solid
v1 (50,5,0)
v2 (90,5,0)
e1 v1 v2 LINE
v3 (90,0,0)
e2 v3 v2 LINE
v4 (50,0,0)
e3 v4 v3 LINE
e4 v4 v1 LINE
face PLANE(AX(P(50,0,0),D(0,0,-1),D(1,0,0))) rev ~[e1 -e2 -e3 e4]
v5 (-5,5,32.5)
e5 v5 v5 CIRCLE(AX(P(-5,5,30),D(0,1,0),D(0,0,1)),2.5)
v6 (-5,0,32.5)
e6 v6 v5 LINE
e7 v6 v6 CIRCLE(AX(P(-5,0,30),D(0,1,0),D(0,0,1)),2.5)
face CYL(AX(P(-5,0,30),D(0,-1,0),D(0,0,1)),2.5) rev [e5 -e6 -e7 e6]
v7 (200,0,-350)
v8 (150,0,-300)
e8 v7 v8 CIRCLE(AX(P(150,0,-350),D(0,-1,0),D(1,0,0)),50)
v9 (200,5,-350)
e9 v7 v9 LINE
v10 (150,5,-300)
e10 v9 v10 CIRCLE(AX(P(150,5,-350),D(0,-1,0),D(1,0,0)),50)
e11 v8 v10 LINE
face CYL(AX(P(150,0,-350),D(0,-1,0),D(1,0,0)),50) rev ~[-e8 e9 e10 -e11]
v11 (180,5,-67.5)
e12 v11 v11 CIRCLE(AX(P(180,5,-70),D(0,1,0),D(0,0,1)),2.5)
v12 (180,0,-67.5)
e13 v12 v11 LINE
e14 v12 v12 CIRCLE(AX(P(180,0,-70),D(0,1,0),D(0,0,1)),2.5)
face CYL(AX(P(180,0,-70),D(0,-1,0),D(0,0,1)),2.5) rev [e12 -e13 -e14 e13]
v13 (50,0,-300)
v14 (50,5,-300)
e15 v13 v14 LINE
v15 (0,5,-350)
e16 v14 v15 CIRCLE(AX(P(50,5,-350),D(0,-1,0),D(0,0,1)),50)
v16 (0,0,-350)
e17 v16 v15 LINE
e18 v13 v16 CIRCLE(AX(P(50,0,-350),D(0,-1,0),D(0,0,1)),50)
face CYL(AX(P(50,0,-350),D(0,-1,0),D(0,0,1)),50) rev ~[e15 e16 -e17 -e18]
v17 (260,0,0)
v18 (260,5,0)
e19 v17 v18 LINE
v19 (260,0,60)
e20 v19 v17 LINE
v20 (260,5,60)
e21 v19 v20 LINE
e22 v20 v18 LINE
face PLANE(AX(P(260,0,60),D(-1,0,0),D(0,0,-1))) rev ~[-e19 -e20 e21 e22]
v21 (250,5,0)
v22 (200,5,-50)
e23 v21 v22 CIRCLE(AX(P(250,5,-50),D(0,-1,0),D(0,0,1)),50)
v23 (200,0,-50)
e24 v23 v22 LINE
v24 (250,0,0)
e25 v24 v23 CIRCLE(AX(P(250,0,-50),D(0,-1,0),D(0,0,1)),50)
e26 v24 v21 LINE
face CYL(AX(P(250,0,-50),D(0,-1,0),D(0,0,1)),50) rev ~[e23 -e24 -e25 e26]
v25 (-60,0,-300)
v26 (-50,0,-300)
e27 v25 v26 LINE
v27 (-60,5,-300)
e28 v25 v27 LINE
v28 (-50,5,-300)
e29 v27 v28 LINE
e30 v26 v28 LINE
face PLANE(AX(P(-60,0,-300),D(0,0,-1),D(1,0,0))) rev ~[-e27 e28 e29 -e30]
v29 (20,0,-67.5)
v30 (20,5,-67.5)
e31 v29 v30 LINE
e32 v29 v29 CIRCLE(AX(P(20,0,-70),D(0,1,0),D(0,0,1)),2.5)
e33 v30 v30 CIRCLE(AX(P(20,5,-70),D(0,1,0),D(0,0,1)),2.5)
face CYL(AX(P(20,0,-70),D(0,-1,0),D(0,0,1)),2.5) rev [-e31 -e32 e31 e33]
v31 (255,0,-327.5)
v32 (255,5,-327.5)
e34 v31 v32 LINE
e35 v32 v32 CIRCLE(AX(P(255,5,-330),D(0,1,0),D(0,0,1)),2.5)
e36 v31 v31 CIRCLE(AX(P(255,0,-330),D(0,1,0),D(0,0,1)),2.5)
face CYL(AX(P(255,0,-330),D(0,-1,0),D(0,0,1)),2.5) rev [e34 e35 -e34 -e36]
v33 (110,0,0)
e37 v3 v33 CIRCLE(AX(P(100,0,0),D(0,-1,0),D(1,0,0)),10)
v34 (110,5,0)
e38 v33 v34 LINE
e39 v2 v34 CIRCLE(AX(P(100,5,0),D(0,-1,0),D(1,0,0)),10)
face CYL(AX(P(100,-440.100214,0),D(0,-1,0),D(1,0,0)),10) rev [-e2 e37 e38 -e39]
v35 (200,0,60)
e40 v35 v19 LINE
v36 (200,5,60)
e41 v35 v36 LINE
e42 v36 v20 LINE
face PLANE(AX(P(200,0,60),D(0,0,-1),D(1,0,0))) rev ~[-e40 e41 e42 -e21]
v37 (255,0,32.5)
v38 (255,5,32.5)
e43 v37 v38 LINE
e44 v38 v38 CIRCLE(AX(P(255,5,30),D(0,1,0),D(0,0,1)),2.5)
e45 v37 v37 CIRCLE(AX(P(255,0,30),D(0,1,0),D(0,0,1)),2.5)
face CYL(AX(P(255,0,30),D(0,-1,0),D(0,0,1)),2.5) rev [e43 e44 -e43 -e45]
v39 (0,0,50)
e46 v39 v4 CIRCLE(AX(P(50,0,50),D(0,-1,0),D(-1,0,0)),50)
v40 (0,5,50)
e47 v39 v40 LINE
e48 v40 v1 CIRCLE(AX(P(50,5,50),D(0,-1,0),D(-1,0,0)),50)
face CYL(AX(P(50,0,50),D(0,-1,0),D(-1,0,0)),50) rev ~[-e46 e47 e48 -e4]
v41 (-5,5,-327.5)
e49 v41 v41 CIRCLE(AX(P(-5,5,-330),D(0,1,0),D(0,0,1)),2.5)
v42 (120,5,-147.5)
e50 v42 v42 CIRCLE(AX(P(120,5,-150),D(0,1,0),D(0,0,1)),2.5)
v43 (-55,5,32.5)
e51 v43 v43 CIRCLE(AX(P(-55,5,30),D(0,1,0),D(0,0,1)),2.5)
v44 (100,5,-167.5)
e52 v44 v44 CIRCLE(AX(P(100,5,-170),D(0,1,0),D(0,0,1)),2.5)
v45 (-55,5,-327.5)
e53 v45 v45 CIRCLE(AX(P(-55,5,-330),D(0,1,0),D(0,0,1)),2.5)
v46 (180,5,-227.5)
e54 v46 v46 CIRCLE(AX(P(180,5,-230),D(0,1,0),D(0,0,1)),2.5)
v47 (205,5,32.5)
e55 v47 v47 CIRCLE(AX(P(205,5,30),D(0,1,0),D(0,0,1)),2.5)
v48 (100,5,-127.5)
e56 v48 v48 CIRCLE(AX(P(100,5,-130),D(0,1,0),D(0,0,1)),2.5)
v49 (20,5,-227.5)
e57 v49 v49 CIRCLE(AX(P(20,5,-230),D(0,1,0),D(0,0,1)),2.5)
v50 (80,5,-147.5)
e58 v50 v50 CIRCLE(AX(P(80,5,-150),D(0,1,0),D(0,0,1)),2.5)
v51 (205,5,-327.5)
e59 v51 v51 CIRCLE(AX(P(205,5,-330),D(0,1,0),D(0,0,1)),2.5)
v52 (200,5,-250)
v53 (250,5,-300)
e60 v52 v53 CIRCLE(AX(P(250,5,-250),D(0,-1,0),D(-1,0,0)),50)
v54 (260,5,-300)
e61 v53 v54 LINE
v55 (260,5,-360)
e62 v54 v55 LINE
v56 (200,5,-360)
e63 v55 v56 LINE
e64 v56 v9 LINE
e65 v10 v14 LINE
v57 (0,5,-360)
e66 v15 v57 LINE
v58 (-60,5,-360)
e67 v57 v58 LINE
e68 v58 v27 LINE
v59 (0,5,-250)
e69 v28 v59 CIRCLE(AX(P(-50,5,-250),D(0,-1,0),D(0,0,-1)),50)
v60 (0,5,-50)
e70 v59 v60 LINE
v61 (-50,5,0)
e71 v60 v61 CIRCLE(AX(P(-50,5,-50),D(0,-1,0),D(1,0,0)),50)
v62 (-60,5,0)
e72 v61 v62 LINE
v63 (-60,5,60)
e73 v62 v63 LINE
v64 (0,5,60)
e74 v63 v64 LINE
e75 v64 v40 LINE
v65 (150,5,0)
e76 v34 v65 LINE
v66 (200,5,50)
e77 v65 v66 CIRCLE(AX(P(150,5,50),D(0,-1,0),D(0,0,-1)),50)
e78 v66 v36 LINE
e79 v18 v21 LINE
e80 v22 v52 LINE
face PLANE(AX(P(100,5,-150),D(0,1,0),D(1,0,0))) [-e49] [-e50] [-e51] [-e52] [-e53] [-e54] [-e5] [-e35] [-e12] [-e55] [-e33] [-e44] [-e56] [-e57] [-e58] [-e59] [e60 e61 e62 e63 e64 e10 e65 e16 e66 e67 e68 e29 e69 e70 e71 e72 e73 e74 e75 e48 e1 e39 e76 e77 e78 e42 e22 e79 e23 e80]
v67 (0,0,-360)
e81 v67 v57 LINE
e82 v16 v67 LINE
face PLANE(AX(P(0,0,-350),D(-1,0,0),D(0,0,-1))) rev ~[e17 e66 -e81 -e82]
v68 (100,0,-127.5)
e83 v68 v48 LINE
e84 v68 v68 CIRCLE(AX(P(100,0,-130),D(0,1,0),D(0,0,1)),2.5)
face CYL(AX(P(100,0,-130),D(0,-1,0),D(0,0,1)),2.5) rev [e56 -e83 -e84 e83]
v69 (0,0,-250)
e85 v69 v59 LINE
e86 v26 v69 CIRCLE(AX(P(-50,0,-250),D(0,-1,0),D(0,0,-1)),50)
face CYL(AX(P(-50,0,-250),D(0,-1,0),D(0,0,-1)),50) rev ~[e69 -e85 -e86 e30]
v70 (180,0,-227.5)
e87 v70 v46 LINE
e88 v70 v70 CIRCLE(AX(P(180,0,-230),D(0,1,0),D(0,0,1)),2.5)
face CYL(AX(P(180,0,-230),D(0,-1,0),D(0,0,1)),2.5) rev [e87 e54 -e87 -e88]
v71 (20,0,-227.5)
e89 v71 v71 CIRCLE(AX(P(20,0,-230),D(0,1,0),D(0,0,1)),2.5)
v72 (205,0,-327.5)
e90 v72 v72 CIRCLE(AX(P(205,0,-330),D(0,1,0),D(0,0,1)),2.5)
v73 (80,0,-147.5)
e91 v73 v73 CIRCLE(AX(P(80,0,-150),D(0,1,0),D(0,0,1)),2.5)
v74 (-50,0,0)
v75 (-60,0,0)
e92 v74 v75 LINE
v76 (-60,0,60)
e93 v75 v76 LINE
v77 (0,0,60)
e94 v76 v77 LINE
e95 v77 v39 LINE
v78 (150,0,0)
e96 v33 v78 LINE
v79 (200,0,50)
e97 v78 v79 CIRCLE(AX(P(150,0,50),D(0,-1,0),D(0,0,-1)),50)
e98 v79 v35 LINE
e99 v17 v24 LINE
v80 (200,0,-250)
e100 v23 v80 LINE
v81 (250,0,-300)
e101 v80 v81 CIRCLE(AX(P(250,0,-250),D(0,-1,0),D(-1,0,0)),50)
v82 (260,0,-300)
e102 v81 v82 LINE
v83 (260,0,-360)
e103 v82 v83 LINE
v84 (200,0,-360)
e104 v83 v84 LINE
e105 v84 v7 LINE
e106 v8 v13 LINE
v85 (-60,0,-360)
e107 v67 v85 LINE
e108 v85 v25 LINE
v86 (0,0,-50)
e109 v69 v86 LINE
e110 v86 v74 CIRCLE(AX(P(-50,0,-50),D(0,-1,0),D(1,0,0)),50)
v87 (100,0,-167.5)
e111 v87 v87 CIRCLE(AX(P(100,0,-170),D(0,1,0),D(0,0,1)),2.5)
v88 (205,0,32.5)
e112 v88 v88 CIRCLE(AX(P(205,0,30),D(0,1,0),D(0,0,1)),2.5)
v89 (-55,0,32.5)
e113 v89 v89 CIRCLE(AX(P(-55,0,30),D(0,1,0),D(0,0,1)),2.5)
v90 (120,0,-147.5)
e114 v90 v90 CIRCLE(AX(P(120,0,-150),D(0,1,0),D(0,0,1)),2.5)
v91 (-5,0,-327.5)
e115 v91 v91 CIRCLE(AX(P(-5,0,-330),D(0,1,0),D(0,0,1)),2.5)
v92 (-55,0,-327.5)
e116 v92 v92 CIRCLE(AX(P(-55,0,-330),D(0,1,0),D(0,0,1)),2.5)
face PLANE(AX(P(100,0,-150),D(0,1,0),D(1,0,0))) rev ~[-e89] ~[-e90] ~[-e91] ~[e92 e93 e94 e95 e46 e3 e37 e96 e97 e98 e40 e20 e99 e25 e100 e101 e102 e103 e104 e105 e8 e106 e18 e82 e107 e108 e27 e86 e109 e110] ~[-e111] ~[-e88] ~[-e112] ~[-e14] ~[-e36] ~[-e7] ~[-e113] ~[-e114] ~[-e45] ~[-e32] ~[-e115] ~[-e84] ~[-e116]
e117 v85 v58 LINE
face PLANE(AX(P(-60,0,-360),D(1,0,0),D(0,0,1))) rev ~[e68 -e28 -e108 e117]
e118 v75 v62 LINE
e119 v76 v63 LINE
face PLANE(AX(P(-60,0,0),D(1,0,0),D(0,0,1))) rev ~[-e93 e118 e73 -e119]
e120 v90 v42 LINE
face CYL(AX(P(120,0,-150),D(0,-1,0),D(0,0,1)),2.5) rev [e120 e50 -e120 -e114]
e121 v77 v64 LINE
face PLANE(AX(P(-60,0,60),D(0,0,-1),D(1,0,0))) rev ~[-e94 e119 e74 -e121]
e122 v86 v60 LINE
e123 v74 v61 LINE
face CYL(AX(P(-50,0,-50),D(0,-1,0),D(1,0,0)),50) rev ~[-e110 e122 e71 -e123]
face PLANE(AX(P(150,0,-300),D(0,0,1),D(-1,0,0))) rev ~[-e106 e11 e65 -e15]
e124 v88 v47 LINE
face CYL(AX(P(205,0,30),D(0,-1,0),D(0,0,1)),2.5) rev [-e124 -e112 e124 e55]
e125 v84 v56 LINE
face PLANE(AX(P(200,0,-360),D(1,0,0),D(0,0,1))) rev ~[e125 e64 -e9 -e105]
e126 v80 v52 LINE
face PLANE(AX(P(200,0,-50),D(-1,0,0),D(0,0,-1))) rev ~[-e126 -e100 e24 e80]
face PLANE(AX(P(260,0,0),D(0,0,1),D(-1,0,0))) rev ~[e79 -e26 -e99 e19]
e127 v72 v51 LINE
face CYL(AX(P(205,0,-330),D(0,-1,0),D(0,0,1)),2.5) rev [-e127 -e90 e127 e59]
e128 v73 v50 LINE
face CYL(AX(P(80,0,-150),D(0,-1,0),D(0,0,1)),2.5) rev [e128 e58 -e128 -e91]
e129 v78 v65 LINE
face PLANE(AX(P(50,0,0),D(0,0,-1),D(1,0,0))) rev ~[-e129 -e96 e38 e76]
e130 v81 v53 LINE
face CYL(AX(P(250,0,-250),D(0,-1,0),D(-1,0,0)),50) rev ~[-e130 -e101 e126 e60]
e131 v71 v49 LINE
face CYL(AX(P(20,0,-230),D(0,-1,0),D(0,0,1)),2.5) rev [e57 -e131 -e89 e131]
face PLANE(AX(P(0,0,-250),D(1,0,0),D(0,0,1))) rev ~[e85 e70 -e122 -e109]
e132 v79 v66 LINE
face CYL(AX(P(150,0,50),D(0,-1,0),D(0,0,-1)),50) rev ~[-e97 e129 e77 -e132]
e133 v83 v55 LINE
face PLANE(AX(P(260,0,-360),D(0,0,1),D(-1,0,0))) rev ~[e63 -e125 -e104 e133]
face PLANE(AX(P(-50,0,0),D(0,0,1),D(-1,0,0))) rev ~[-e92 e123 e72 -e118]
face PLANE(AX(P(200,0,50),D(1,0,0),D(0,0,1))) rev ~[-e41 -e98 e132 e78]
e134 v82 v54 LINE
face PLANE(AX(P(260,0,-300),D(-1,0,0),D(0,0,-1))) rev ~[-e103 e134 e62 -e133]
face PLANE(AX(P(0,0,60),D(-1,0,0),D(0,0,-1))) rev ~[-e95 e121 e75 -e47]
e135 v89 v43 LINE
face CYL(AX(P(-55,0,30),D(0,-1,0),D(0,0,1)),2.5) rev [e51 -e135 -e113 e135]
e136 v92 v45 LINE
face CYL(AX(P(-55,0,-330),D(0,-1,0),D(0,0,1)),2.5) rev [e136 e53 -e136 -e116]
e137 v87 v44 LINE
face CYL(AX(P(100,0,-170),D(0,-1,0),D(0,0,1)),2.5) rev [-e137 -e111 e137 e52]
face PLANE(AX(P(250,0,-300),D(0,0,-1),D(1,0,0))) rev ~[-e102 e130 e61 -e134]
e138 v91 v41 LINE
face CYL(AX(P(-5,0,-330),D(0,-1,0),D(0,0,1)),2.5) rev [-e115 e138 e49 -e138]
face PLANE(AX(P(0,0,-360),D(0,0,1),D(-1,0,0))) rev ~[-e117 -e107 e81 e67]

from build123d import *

# Parameters (mm, degrees)
SKETCH1_R               = 2.5
BOSS_EXTRUDE1_DEPTH     = 5
CUT_EXTRUDE2_DEPTH      = 445.100213916
CUT_EXTRUDE2_DEPTH_BACK = 445.100213916


with BuildPart() as part:
    # Sketch1 → Boss-Extrude1 (new body)
    with BuildSketch(Plane(origin=(0, 0, 0), x_dir=(1, 0, 0), z_dir=(0, 1, 0))):
        with BuildLine():
            Line((50, 0), (150, 0))
            ThreePointArc((150, 0), (185.355339059, -14.644660941), (200, -50))
            Line((200, -50), (200, -60))
            Line((200, -60), (260, -60))
            Line((260, -60), (260, 0))
            Line((260, 0), (250, 0))
            ThreePointArc((250, 0), (214.644660941, 14.644660941), (200, 50))
            Line((200, 50), (200, 250))
            ThreePointArc((200, 250), (214.644660941, 285.355339059), (250, 300))
            Line((250, 300), (260, 300))
            Line((260, 300), (260, 360))
            Line((260, 360), (200, 360))
            Line((200, 360), (200, 350))
            ThreePointArc((200, 350), (185.355339059, 314.644660941), (150, 300))
            Line((150, 300), (50, 300))
            ThreePointArc((50, 300), (14.644660941, 314.644660941), (0, 350))
            Line((0, 350), (0, 360))
            Line((0, 360), (-60, 360))
            Line((-60, 360), (-60, 300))
            Line((-60, 300), (-50, 300))
            ThreePointArc((-50, 300), (-14.644660941, 285.355339059), (0, 250))
            Line((0, 250), (0, 50))
            ThreePointArc((0, 50), (-14.644660941, 14.644660941), (-50, 0))
            Line((-50, 0), (-60, 0))
            Line((-60, 0), (-60, -60))
            Line((-60, -60), (0, -60))
            Line((0, -60), (0, -50))
            ThreePointArc((0, -50), (14.644660941, -14.644660941), (50, 0))
        make_face()
        with Locations(Location((20, 230, 0), (0, 0, 270))):
            Circle(SKETCH1_R, mode=Mode.SUBTRACT)
        with Locations(Location((20, 70, 0), (0, 0, 270))):
            Circle(SKETCH1_R, mode=Mode.SUBTRACT)
        with Locations(Location((180, 70, 0), (0, 0, 270))):
            Circle(SKETCH1_R, mode=Mode.SUBTRACT)
        with Locations(Location((180, 230, 0), (0, 0, 270))):
            Circle(SKETCH1_R, mode=Mode.SUBTRACT)
        with Locations(Location((-55, -30, 0), (0, 0, 270))):
            Circle(SKETCH1_R, mode=Mode.SUBTRACT)
        with Locations(Location((-5, -30, 0), (0, 0, 270))):
            Circle(SKETCH1_R, mode=Mode.SUBTRACT)
        with Locations(Location((-55, 330, 0), (0, 0, 270))):
            Circle(SKETCH1_R, mode=Mode.SUBTRACT)
        with Locations(Location((-5, 330, 0), (0, 0, 270))):
            Circle(SKETCH1_R, mode=Mode.SUBTRACT)
        with Locations(Location((205, 330, 0), (0, 0, 270))):
            Circle(SKETCH1_R, mode=Mode.SUBTRACT)
        with Locations(Location((255, 330, 0), (0, 0, 270))):
            Circle(SKETCH1_R, mode=Mode.SUBTRACT)
        with Locations(Location((205, -30, 0), (0, 0, 270))):
            Circle(SKETCH1_R, mode=Mode.SUBTRACT)
        with Locations(Location((255, -30, 0), (0, 0, 270))):
            Circle(SKETCH1_R, mode=Mode.SUBTRACT)
        with Locations(Location((100, 170, 0), (0, 0, 270))):
            Circle(SKETCH1_R, mode=Mode.SUBTRACT)
        with Locations(Location((120, 150, 0), (0, 0, 270))):
            Circle(SKETCH1_R, mode=Mode.SUBTRACT)
        with Locations(Location((80, 150, 0), (0, 0, 270))):
            Circle(SKETCH1_R, mode=Mode.SUBTRACT)
        with Locations(Location((100, 130, 0), (0, 0, 270))):
            Circle(SKETCH1_R, mode=Mode.SUBTRACT)
    extrude(amount=BOSS_EXTRUDE1_DEPTH)

    # Sketch3 → Cut-Extrude2 (cut, two sides: drawn at the far end of the back side and taken through both)
    with BuildSketch(Plane(origin=(0, 5, 0), x_dir=(1, 0, 0), z_dir=(0, 1, 0)).offset(-CUT_EXTRUDE2_DEPTH_BACK)):
        with BuildLine():
            Line((110, -806.241169496), (110, 0))
            ThreePointArc((110, 0), (100, 10), (90, 0))
            Line((90, 0), (90, -806.241169496))
            Line((90, -806.241169496), (90, -2418.723508487))
            Line((90, -2418.723508487), (110, -2418.723508487))
            Line((110, -2418.723508487), (110, -806.241169496))
        make_face()
    extrude(amount=CUT_EXTRUDE2_DEPTH + CUT_EXTRUDE2_DEPTH_BACK, mode=Mode.SUBTRACT)


solid = part.part
